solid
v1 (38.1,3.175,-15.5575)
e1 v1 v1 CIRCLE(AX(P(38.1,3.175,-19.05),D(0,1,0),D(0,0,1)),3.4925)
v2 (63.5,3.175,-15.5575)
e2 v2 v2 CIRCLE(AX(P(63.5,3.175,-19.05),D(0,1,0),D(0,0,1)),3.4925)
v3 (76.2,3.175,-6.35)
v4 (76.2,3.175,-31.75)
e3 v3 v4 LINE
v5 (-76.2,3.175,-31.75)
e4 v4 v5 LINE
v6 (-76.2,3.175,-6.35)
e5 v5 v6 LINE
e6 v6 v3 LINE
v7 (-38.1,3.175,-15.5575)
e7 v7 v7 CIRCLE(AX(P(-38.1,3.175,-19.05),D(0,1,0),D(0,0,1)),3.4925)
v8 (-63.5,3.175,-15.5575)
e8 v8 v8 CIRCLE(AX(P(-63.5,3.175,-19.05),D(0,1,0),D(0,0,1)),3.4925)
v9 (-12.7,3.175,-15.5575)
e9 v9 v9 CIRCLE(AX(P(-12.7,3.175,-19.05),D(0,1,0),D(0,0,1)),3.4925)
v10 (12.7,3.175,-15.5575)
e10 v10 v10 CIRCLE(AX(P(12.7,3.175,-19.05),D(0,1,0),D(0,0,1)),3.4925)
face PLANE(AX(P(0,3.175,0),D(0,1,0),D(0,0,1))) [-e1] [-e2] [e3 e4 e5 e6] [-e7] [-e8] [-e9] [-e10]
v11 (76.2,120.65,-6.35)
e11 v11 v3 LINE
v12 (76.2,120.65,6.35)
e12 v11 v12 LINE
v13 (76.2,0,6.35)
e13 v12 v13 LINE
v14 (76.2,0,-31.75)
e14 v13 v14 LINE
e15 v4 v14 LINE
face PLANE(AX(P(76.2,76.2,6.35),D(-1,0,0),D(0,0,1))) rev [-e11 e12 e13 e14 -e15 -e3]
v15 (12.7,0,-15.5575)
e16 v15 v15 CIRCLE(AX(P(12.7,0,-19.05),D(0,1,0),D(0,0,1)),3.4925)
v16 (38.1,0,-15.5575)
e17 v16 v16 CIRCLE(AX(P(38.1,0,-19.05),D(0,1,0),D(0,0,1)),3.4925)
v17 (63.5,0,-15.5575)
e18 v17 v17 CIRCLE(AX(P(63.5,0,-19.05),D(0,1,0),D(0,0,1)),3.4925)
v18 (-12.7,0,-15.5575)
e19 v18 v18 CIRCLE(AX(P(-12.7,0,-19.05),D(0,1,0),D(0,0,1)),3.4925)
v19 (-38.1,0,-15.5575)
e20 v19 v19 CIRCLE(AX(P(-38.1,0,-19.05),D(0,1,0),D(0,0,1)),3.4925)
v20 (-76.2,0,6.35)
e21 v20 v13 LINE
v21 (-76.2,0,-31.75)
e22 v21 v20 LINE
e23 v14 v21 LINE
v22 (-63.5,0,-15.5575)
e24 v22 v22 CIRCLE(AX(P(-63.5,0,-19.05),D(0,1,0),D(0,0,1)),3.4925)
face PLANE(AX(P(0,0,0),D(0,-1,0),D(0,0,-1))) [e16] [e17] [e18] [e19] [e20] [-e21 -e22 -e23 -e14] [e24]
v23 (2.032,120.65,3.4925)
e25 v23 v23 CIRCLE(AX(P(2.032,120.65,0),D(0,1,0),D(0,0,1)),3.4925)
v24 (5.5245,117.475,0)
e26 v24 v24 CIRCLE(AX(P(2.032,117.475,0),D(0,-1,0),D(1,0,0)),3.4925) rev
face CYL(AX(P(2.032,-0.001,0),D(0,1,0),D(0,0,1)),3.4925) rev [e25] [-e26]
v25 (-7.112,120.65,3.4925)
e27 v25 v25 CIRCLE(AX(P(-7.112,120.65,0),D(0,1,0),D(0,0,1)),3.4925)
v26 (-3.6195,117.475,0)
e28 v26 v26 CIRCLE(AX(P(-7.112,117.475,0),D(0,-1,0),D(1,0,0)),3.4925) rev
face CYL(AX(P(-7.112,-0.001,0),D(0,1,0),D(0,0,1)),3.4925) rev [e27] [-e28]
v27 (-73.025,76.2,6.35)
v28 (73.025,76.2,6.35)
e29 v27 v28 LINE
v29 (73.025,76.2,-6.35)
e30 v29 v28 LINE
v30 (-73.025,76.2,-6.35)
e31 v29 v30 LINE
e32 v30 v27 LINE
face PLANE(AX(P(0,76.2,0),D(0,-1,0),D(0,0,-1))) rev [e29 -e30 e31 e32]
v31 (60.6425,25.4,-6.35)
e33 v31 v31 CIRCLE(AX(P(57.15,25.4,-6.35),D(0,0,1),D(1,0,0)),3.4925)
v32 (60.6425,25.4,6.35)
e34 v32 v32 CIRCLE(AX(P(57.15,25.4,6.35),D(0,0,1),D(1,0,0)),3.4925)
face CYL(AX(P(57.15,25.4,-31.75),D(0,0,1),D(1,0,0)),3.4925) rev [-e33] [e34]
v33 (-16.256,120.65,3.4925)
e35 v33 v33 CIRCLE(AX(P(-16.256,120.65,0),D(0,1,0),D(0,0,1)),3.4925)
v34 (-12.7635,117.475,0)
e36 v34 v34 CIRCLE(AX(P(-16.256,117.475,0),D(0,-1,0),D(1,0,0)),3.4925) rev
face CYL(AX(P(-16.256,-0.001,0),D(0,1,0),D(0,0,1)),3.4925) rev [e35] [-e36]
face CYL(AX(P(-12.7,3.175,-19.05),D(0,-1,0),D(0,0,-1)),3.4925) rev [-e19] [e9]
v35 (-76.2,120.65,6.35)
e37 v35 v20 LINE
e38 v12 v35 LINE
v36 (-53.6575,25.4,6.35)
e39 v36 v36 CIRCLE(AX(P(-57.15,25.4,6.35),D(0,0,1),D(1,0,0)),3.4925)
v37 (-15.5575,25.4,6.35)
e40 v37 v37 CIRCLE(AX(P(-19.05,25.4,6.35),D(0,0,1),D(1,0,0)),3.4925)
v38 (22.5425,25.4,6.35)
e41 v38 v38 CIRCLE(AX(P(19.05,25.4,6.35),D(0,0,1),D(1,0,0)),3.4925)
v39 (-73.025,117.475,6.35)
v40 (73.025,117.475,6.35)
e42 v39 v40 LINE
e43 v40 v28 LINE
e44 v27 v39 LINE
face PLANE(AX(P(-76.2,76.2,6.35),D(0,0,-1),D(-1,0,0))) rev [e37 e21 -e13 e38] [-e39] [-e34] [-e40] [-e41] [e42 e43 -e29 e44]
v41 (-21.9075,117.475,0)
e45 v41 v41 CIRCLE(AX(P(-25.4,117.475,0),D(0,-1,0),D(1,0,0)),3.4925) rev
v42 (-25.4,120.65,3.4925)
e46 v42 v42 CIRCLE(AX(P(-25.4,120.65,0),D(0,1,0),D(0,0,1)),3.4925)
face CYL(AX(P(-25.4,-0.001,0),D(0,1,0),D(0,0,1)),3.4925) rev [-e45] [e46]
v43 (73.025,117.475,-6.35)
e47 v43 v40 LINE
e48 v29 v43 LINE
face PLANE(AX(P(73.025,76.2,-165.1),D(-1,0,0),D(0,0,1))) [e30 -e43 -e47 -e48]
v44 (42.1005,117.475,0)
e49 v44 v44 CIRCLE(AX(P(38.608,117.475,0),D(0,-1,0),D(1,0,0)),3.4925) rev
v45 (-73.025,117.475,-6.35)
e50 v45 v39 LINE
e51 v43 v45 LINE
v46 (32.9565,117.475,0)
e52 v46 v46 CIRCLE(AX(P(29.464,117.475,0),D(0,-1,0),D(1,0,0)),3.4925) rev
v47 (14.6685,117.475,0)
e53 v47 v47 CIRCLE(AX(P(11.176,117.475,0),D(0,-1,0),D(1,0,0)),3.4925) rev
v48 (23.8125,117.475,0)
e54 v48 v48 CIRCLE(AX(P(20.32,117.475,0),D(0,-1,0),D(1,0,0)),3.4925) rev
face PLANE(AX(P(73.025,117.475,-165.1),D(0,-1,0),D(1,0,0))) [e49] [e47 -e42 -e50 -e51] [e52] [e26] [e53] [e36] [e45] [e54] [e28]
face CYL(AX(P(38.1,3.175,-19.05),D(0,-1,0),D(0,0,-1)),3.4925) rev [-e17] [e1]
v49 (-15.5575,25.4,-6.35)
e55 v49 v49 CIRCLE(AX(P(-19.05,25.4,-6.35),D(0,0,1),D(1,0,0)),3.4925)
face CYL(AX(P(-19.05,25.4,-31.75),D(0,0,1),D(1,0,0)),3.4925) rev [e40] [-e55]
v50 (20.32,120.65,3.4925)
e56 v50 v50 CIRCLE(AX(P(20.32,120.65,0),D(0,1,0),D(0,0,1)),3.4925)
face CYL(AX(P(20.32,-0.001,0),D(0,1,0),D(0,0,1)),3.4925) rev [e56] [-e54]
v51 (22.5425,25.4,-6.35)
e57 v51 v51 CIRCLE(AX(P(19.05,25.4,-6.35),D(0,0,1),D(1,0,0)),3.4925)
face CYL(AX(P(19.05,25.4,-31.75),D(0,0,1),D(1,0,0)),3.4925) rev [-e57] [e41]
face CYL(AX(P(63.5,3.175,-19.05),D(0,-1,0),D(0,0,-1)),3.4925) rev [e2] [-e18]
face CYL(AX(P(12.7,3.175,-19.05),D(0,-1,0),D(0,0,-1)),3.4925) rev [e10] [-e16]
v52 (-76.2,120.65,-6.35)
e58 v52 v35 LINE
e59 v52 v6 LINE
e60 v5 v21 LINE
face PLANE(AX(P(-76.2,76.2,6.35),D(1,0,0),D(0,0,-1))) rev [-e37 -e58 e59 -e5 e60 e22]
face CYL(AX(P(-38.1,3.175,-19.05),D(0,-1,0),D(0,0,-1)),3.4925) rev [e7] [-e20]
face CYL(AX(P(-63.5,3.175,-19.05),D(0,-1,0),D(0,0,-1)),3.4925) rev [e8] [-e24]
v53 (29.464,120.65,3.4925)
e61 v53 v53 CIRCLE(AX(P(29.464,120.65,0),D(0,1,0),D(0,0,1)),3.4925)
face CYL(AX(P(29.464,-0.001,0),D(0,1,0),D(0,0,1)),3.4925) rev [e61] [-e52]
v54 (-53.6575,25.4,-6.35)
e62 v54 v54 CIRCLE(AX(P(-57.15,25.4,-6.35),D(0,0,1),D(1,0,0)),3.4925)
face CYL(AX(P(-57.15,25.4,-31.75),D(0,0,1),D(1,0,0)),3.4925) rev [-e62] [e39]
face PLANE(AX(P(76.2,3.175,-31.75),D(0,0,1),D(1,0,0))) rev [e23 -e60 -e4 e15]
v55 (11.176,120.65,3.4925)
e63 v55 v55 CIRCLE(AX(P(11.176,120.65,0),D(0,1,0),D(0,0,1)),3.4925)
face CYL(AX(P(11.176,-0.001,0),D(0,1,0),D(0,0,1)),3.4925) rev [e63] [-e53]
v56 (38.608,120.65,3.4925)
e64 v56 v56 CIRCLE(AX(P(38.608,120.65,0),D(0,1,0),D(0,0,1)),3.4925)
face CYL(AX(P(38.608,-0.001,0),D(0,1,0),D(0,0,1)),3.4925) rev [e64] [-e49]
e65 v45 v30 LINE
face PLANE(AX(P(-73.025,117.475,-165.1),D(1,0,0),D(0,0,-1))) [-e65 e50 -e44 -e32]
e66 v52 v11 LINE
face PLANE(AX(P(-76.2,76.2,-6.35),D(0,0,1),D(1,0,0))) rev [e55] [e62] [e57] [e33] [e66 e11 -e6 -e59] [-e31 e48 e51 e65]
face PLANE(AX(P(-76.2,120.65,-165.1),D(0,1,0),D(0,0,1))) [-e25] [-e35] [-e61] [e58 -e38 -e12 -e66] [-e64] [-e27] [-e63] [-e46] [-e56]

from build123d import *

# Parameters (mm, degrees)
SKETCH1_W               = 152.4
SKETCH1_H               = 12.7
BOSS_EXTRUDE1_DEPTH     = 76.2
SKETCH2_R               = 3.4925
BOSS_EXTRUDE4_DEPTH     = 3.175
BOSS_EXTRUDE5_DEPTH     = 12.7
CUT_EXTRUDE1_REACH      = 148.188
SKETCH4_R               = 3.4925
CUT_EXTRUDE2_DEPTH      = 147.187978302
CUT_EXTRUDE2_DEPTH_BACK = 147.187978302
SKETCH5_R               = 3.4925


with BuildPart() as part:
    # Sketch1 → Boss-Extrude1 (new body)
    with BuildSketch(Plane(origin=(0, 0, 0), x_dir=(1, 0, 0), z_dir=(0, 1, 0))):
        Rectangle(SKETCH1_W, SKETCH1_H)
    extrude(amount=BOSS_EXTRUDE1_DEPTH)

    # Sketch2 → Boss-Extrude4 (add)
    with BuildSketch(Plane(origin=(0, 0, 0), x_dir=(1, 0, 0), z_dir=(0, 1, 0))):
        Polygon((-76.2, 19.05), (-76.2, 6.35), (76.2, 6.35), (76.2, 31.75), (-76.2, 31.75), align=None)
        with Locations(Location((-63.5, 19.05, 0), (0, 0, 270))):
            Circle(SKETCH2_R, mode=Mode.SUBTRACT)
        with Locations(Location((-38.1, 19.05, 0), (0, 0, 270))):
            Circle(SKETCH2_R, mode=Mode.SUBTRACT)
        with Locations(Location((-12.7, 19.05, 0), (0, 0, 270))):
            Circle(SKETCH2_R, mode=Mode.SUBTRACT)
        with Locations(Location((12.7, 19.05, 0), (0, 0, 270))):
            Circle(SKETCH2_R, mode=Mode.SUBTRACT)
        with Locations(Location((38.1, 19.05, 0), (0, 0, 270))):
            Circle(SKETCH2_R, mode=Mode.SUBTRACT)
        with Locations(Location((63.5, 19.05, 0), (0, 0, 270))):
            Circle(SKETCH2_R, mode=Mode.SUBTRACT)
    extrude(amount=BOSS_EXTRUDE4_DEPTH)

    # Sketch3 → Boss-Extrude5 (add)
    with BuildSketch(Plane.XY.offset(6.35)):
        Polygon((-76.2, 76.2), (-76.2, 120.65), (76.2, 120.65), (76.2, 76.2), (73.025, 76.2), (73.025, 117.475), (-73.025, 117.475), (-73.025, 76.2), align=None)
    extrude(amount=-BOSS_EXTRUDE5_DEPTH)

    # Sketch4 → Cut-Extrude1 (cut, up to next)
    with BuildSketch(Plane(origin=(0, 120.65, 0), x_dir=(1, 0, 0), z_dir=(0, 1, 0)), mode=Mode.PRIVATE) as cut_extrude1_sk1:
        with Locations(Location((-25.4, 0, 0), (0, 0, 270))):
            Circle(SKETCH4_R)
    cut_extrude1_tool1 = extrude(cut_extrude1_sk1.sketch, amount=-CUT_EXTRUDE1_REACH, mode=Mode.PRIVATE) & part.part
    # Sketch4 → Cut-Extrude1 (cut, up to next)
    with BuildSketch(Plane(origin=(0, 120.65, 0), x_dir=(1, 0, 0), z_dir=(0, 1, 0)), mode=Mode.PRIVATE) as cut_extrude1_sk2:
        with Locations(Location((-16.256, 0, 0), (0, 0, 270))):
            Circle(SKETCH4_R)
    cut_extrude1_tool2 = extrude(cut_extrude1_sk2.sketch, amount=-CUT_EXTRUDE1_REACH, mode=Mode.PRIVATE) & part.part
    # Sketch4 → Cut-Extrude1 (cut, up to next)
    with BuildSketch(Plane(origin=(0, 120.65, 0), x_dir=(1, 0, 0), z_dir=(0, 1, 0)), mode=Mode.PRIVATE) as cut_extrude1_sk3:
        with Locations(Location((-7.112, 0, 0), (0, 0, 270))):
            Circle(SKETCH4_R)
    cut_extrude1_tool3 = extrude(cut_extrude1_sk3.sketch, amount=-CUT_EXTRUDE1_REACH, mode=Mode.PRIVATE) & part.part
    # Sketch4 → Cut-Extrude1 (cut, up to next)
    with BuildSketch(Plane(origin=(0, 120.65, 0), x_dir=(1, 0, 0), z_dir=(0, 1, 0)), mode=Mode.PRIVATE) as cut_extrude1_sk4:
        with Locations(Location((2.032, 0, 0), (0, 0, 270))):
            Circle(SKETCH4_R)
    cut_extrude1_tool4 = extrude(cut_extrude1_sk4.sketch, amount=-CUT_EXTRUDE1_REACH, mode=Mode.PRIVATE) & part.part
    # Sketch4 → Cut-Extrude1 (cut, up to next)
    with BuildSketch(Plane(origin=(0, 120.65, 0), x_dir=(1, 0, 0), z_dir=(0, 1, 0)), mode=Mode.PRIVATE) as cut_extrude1_sk5:
        with Locations(Location((11.176, 0, 0), (0, 0, 270))):
            Circle(SKETCH4_R)
    cut_extrude1_tool5 = extrude(cut_extrude1_sk5.sketch, amount=-CUT_EXTRUDE1_REACH, mode=Mode.PRIVATE) & part.part
    # Sketch4 → Cut-Extrude1 (cut, up to next)
    with BuildSketch(Plane(origin=(0, 120.65, 0), x_dir=(1, 0, 0), z_dir=(0, 1, 0)), mode=Mode.PRIVATE) as cut_extrude1_sk6:
        with Locations(Location((20.32, 0, 0), (0, 0, 270))):
            Circle(SKETCH4_R)
    cut_extrude1_tool6 = extrude(cut_extrude1_sk6.sketch, amount=-CUT_EXTRUDE1_REACH, mode=Mode.PRIVATE) & part.part
    # Sketch4 → Cut-Extrude1 (cut, up to next)
    with BuildSketch(Plane(origin=(0, 120.65, 0), x_dir=(1, 0, 0), z_dir=(0, 1, 0)), mode=Mode.PRIVATE) as cut_extrude1_sk7:
        with Locations(Location((29.464, 0, 0), (0, 0, 270))):
            Circle(SKETCH4_R)
    cut_extrude1_tool7 = extrude(cut_extrude1_sk7.sketch, amount=-CUT_EXTRUDE1_REACH, mode=Mode.PRIVATE) & part.part
    # Sketch4 → Cut-Extrude1 (cut, up to next)
    with BuildSketch(Plane(origin=(0, 120.65, 0), x_dir=(1, 0, 0), z_dir=(0, 1, 0)), mode=Mode.PRIVATE) as cut_extrude1_sk8:
        with Locations(Location((38.608, 0, 0), (0, 0, 270))):
            Circle(SKETCH4_R)
    cut_extrude1_tool8 = extrude(cut_extrude1_sk8.sketch, amount=-CUT_EXTRUDE1_REACH, mode=Mode.PRIVATE) & part.part
    add(cut_extrude1_tool1.solids().sort_by_distance((-25.4, 120.65, 0))[0], mode=Mode.SUBTRACT)
    add(cut_extrude1_tool2.solids().sort_by_distance((-16.256, 120.65, 0))[0], mode=Mode.SUBTRACT)
    add(cut_extrude1_tool3.solids().sort_by_distance((-7.112, 120.65, 0))[0], mode=Mode.SUBTRACT)
    add(cut_extrude1_tool4.solids().sort_by_distance((2.032, 120.65, 0))[0], mode=Mode.SUBTRACT)
    add(cut_extrude1_tool5.solids().sort_by_distance((11.176, 120.65, 0))[0], mode=Mode.SUBTRACT)
    add(cut_extrude1_tool6.solids().sort_by_distance((20.32, 120.65, 0))[0], mode=Mode.SUBTRACT)
    add(cut_extrude1_tool7.solids().sort_by_distance((29.464, 120.65, 0))[0], mode=Mode.SUBTRACT)
    add(cut_extrude1_tool8.solids().sort_by_distance((38.608, 120.65, 0))[0], mode=Mode.SUBTRACT)

    # Sketch5 → Cut-Extrude2 (cut, two sides: drawn at the far end of the back side and taken through both)
    with BuildSketch(Plane.XY.offset(-CUT_EXTRUDE2_DEPTH_BACK)):
        with Locations((-57.15, 25.4)):
            Circle(SKETCH5_R)
        with Locations((-19.05, 25.4)):
            Circle(SKETCH5_R)
        with Locations((19.05, 25.4)):
            Circle(SKETCH5_R)
        with Locations((57.15, 25.4)):
            Circle(SKETCH5_R)
    extrude(amount=CUT_EXTRUDE2_DEPTH + CUT_EXTRUDE2_DEPTH_BACK, mode=Mode.SUBTRACT)


solid = part.part
